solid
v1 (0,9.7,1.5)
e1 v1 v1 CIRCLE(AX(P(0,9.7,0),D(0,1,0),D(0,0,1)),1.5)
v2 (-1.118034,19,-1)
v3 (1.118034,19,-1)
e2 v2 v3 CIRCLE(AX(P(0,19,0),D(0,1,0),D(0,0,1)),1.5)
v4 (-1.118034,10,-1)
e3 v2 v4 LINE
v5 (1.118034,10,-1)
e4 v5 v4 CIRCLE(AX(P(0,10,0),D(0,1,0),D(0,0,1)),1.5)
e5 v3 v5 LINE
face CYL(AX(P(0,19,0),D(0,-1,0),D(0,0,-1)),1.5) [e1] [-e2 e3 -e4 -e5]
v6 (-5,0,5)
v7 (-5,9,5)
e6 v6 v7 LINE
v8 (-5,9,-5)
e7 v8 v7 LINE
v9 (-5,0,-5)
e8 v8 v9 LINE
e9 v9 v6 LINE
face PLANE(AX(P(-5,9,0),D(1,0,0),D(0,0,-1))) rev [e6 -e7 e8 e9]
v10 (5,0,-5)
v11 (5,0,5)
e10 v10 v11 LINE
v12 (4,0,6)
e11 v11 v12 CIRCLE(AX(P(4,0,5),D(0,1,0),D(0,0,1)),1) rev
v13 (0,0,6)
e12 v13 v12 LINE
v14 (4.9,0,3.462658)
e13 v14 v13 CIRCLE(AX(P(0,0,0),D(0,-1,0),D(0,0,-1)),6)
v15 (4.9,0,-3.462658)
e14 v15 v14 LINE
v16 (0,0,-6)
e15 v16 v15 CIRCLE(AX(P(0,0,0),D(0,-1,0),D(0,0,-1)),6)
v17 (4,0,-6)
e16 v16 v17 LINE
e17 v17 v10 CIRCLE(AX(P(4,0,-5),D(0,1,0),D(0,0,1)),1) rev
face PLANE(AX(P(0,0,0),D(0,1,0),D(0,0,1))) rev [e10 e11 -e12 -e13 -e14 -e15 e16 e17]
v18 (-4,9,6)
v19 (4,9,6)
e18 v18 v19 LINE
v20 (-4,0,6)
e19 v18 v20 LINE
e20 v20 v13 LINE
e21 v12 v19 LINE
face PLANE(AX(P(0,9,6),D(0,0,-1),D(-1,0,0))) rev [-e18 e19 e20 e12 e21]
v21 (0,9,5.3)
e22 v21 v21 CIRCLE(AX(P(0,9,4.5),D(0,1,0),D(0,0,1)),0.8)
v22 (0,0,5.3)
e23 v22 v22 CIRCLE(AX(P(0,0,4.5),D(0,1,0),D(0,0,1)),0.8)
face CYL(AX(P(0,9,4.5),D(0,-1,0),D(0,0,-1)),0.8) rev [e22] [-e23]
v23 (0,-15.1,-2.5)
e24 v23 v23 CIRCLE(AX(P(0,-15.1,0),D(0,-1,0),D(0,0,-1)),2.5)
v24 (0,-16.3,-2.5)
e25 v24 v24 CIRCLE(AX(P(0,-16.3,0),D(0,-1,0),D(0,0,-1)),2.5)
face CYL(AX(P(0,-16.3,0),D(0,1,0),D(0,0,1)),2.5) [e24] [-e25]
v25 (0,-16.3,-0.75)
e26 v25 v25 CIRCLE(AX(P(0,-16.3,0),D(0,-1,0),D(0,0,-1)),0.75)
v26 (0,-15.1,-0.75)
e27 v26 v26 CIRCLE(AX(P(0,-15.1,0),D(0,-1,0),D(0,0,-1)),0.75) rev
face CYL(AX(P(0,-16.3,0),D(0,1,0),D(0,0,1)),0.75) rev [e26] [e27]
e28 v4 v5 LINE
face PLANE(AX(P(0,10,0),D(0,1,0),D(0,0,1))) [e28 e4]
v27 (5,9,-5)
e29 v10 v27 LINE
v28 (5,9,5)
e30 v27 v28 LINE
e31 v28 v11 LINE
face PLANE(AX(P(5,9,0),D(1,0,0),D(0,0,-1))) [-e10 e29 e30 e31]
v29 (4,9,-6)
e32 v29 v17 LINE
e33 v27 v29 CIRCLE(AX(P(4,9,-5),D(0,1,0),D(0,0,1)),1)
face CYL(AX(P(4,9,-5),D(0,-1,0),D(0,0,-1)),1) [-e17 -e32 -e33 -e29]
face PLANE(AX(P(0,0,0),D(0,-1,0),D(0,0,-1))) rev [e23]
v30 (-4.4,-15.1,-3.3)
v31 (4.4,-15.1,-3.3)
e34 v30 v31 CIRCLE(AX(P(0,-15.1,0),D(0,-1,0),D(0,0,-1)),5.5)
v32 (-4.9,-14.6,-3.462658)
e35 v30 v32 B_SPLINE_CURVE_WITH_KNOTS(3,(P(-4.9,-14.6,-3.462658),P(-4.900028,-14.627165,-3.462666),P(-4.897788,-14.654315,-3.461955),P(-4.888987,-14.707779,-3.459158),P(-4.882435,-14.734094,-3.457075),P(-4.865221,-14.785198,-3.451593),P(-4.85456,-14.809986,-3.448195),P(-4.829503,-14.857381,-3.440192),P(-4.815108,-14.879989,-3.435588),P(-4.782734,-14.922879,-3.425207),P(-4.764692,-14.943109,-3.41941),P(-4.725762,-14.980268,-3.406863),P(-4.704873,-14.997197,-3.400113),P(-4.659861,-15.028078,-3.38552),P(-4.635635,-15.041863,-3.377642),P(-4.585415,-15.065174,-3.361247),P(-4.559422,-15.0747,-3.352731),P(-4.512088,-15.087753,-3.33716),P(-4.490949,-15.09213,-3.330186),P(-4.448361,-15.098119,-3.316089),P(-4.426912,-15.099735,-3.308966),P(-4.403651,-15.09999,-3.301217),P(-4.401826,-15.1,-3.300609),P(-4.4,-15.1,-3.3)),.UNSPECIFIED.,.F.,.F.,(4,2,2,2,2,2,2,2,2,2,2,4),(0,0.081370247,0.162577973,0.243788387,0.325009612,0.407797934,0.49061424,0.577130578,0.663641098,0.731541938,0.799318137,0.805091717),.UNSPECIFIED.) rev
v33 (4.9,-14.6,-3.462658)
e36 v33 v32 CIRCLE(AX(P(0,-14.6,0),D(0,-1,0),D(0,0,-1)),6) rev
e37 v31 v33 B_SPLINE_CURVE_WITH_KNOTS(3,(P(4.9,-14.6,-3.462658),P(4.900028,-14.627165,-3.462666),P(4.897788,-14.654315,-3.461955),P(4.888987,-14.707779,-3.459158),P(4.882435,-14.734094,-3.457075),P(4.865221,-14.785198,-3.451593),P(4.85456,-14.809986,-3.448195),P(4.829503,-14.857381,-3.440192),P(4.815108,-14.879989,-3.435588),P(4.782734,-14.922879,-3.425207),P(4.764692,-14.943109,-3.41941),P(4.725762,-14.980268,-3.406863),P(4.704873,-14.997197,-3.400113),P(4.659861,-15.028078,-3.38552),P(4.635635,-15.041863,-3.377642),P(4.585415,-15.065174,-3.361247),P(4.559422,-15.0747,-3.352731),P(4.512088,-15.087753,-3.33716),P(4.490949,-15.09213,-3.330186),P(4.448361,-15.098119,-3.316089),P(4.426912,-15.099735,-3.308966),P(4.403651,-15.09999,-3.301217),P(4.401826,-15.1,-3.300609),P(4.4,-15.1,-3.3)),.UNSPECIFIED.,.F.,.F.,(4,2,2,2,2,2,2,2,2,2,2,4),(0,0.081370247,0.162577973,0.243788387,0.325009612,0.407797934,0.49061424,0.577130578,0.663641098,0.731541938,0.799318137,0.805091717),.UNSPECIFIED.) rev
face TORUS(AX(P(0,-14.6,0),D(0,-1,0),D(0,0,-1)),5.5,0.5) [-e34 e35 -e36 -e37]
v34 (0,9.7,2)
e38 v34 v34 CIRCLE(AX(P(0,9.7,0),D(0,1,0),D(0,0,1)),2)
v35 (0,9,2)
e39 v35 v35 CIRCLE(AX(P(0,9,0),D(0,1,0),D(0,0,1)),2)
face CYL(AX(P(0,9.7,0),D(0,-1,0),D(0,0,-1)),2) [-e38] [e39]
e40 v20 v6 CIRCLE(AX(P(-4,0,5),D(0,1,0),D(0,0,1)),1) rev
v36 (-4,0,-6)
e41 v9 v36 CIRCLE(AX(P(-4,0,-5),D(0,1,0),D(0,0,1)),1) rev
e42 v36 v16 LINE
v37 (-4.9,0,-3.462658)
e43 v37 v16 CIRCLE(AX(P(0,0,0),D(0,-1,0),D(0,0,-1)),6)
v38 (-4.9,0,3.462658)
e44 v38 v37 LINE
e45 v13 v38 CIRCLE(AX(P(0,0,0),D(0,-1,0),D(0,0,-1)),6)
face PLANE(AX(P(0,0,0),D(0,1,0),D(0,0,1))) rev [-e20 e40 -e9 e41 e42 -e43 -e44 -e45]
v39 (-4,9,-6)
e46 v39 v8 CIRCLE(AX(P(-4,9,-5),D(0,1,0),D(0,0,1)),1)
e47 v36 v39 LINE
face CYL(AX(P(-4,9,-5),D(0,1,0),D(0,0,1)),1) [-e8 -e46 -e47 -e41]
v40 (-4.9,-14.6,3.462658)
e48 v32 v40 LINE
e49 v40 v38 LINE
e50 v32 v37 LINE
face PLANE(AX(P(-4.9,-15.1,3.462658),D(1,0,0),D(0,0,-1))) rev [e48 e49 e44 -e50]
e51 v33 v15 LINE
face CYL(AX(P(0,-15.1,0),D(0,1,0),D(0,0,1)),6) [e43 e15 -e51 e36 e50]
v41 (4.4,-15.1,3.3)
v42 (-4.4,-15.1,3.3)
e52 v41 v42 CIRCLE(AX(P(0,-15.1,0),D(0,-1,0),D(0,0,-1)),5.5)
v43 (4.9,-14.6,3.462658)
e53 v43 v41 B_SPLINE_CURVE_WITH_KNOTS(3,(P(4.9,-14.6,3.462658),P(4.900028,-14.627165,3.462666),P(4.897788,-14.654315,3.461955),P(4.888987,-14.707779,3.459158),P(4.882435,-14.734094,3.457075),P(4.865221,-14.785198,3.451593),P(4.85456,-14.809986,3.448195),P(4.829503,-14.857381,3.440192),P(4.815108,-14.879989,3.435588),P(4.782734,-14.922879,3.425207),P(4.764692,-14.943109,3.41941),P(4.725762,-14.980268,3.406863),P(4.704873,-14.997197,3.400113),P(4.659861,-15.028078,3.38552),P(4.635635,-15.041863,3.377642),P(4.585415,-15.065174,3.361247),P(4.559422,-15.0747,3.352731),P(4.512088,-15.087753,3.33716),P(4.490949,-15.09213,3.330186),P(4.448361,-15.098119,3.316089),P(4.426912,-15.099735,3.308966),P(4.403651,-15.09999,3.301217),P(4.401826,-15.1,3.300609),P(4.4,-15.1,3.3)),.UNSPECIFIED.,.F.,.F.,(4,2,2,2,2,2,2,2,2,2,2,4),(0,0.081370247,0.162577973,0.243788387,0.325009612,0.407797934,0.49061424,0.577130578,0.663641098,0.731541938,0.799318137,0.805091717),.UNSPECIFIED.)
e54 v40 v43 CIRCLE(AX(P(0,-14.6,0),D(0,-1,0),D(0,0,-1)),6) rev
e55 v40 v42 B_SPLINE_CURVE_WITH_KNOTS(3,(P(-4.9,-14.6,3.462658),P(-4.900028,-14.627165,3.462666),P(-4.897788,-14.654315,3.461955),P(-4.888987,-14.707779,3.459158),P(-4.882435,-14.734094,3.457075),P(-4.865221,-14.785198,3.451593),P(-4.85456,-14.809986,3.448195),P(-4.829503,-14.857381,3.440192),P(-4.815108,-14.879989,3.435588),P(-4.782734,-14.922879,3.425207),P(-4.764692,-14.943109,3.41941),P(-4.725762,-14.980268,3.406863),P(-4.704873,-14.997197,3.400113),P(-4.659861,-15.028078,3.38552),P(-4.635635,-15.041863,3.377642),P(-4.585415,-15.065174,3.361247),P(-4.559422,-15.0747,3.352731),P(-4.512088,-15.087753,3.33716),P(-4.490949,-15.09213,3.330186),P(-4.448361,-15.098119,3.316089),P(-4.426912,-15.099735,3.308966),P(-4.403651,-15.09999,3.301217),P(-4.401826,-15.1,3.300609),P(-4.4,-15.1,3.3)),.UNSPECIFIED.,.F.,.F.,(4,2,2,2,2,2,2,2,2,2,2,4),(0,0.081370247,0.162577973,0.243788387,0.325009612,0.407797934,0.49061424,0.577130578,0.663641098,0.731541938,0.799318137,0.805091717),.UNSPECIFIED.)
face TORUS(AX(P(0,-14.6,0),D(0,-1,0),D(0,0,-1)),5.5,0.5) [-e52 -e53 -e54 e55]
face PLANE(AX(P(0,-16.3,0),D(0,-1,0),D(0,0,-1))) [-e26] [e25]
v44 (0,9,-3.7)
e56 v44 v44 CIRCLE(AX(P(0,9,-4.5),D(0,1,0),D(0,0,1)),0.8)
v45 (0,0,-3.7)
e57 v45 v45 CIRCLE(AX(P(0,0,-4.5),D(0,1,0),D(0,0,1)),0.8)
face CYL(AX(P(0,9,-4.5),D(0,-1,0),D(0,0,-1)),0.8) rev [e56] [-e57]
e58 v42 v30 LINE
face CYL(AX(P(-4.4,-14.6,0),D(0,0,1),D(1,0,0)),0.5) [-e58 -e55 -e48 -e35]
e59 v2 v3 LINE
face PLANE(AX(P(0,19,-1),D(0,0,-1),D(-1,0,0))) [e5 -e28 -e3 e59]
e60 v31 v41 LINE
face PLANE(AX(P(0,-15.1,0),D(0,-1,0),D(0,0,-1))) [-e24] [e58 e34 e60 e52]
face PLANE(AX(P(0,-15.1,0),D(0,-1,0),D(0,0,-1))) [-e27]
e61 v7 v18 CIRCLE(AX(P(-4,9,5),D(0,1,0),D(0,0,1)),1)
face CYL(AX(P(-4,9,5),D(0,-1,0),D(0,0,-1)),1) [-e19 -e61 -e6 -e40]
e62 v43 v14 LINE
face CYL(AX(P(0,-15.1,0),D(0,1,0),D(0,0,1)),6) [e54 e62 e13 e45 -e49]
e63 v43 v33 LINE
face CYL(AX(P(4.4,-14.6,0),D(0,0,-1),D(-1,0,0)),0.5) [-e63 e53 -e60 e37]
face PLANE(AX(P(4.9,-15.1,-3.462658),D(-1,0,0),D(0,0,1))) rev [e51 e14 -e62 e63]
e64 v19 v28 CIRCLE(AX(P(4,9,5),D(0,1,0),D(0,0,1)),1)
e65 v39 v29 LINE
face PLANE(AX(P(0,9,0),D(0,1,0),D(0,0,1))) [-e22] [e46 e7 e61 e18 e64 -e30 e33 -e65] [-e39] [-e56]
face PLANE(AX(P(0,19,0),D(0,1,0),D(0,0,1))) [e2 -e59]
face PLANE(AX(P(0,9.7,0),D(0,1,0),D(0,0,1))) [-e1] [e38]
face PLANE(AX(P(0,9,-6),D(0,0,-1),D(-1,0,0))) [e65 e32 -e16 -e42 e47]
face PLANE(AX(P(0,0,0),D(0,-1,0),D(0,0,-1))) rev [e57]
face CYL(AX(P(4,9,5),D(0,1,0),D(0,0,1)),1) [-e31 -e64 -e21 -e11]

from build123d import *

# Parameters (mm, degrees)
SKETCH_1_W      = 10
SKETCH_1_H      = 12
SKETCH_1_R      = 2
SKETCH_1_R_2    = 0.8
EXTRUDE_1_DEPTH = 9
SKETCH_1_3_R    = 2
SKETCH_1_3_R_2  = 1.5
EXTRUDE_3_DEPTH = 9.7
EXTRUDE_4_DEPTH = 19
SKETCH_1_5_R    = 1.5
EXTRUDE_5_DEPTH = 10
EXTRUDE_6_DEPTH = 15.1
SKETCH_4_R      = 2.5
SKETCH_4_R_2    = 0.75
EXTRUDE_7_DEPTH = 1.2
FILLET_1_R      = 1
FILLET_2_R      = 0.5


with BuildPart() as part:
    # 草图1 → 凸台-拉伸1 (new body)
    with BuildSketch(Plane(origin=(0, 0, 0), x_dir=(1, 0, 0), z_dir=(0, 1, 0))):
        Rectangle(SKETCH_1_W, SKETCH_1_H)
        with Locations(Location((0, 0, 0), (0, 0, 270))):
            Circle(SKETCH_1_R, mode=Mode.SUBTRACT)
        with Locations(Location((0, -4.5, 0), (0, 0, 270))):
            Circle(SKETCH_1_R_2, mode=Mode.SUBTRACT)
        with Locations(Location((0, 4.5, 0), (0, 0, 270))):
            Circle(SKETCH_1_R_2, mode=Mode.SUBTRACT)
    extrude(amount=EXTRUDE_1_DEPTH)

    # 草图1<3> → 凸台-拉伸3 (add)
    with BuildSketch(Plane(origin=(0, 0, 0), x_dir=(1, 0, 0), z_dir=(0, 1, 0))):
        with Locations(Location((0, 0, 0), (0, 0, 270))):
            Circle(SKETCH_1_3_R)
        with Locations(Location((0, 0, 0), (0, 0, 270))):
            Circle(SKETCH_1_3_R_2, mode=Mode.SUBTRACT)
    extrude(amount=EXTRUDE_3_DEPTH)

    # 草图1<4> → 凸台-拉伸4 (add)
    with BuildSketch(Plane(origin=(0, 0, 0), x_dir=(1, 0, 0), z_dir=(0, 1, 0))):
        with BuildLine():
            Line((1.118033989, 1), (-1.118033989, 1))
            ThreePointArc((-1.118033989, 1), (-0.535233135, -1.401258538), (1.5, 0))
            ThreePointArc((1.5, 0), (1.401258538, 0.535233135), (1.118033989, 1))
        make_face()
    extrude(amount=EXTRUDE_4_DEPTH)

    # 草图1<5> → 凸台-拉伸5 (add)
    with BuildSketch(Plane(origin=(0, 0, 0), x_dir=(1, 0, 0), z_dir=(0, 1, 0))):
        with Locations(Location((0, 0, 0), (0, 0, 138.189685104))):
            Circle(SKETCH_1_5_R)
    extrude(amount=EXTRUDE_5_DEPTH)

    # 草图3 → 凸台-拉伸6 (add)
    with BuildSketch(Plane.XZ):
        with BuildLine():
            Line((4.9, -3.462657939), (4.9, 3.462657939))
            ThreePointArc((4.9, 3.462657939), (0, 6), (-4.9, 3.462657939))
            Line((-4.9, 3.462657939), (-4.9, -3.462657939))
            ThreePointArc((-4.9, -3.462657939), (0, -6), (4.9, -3.462657939))
        make_face()
    extrude(amount=EXTRUDE_6_DEPTH)

    # 草图4 → 凸台-拉伸7 (add)
    with BuildSketch(Plane.XZ.offset(15.1)):
        with Locations(Location((0, 0, 0), (0, 0, 270))):
            Circle(SKETCH_4_R)
        with Locations(Location((0, 0, 0), (0, 0, 270))):
            Circle(SKETCH_4_R_2, mode=Mode.SUBTRACT)
    extrude(amount=EXTRUDE_7_DEPTH)

    # 圆角1
    fillet_1_edges = [part.edges().sort_by_distance(p)[0] for p in [
        (5, 4.5, 6),
        (-5, 4.5, 6),
        (-5, 4.5, -6),
        (5, 4.5, -6),
    ]]
    fillet(fillet_1_edges, radius=FILLET_1_R)

    # 圆角2
    fillet_2_edges = [part.edges().sort_by_distance(p)[0] for p in [
        (0, -15.1, 6),
        (-4.9, -15.1, 0),
        (0, -15.1, -6),
        (4.9, -15.1, 0),
    ]]
    fillet(fillet_2_edges, radius=FILLET_2_R)


solid = part.part
